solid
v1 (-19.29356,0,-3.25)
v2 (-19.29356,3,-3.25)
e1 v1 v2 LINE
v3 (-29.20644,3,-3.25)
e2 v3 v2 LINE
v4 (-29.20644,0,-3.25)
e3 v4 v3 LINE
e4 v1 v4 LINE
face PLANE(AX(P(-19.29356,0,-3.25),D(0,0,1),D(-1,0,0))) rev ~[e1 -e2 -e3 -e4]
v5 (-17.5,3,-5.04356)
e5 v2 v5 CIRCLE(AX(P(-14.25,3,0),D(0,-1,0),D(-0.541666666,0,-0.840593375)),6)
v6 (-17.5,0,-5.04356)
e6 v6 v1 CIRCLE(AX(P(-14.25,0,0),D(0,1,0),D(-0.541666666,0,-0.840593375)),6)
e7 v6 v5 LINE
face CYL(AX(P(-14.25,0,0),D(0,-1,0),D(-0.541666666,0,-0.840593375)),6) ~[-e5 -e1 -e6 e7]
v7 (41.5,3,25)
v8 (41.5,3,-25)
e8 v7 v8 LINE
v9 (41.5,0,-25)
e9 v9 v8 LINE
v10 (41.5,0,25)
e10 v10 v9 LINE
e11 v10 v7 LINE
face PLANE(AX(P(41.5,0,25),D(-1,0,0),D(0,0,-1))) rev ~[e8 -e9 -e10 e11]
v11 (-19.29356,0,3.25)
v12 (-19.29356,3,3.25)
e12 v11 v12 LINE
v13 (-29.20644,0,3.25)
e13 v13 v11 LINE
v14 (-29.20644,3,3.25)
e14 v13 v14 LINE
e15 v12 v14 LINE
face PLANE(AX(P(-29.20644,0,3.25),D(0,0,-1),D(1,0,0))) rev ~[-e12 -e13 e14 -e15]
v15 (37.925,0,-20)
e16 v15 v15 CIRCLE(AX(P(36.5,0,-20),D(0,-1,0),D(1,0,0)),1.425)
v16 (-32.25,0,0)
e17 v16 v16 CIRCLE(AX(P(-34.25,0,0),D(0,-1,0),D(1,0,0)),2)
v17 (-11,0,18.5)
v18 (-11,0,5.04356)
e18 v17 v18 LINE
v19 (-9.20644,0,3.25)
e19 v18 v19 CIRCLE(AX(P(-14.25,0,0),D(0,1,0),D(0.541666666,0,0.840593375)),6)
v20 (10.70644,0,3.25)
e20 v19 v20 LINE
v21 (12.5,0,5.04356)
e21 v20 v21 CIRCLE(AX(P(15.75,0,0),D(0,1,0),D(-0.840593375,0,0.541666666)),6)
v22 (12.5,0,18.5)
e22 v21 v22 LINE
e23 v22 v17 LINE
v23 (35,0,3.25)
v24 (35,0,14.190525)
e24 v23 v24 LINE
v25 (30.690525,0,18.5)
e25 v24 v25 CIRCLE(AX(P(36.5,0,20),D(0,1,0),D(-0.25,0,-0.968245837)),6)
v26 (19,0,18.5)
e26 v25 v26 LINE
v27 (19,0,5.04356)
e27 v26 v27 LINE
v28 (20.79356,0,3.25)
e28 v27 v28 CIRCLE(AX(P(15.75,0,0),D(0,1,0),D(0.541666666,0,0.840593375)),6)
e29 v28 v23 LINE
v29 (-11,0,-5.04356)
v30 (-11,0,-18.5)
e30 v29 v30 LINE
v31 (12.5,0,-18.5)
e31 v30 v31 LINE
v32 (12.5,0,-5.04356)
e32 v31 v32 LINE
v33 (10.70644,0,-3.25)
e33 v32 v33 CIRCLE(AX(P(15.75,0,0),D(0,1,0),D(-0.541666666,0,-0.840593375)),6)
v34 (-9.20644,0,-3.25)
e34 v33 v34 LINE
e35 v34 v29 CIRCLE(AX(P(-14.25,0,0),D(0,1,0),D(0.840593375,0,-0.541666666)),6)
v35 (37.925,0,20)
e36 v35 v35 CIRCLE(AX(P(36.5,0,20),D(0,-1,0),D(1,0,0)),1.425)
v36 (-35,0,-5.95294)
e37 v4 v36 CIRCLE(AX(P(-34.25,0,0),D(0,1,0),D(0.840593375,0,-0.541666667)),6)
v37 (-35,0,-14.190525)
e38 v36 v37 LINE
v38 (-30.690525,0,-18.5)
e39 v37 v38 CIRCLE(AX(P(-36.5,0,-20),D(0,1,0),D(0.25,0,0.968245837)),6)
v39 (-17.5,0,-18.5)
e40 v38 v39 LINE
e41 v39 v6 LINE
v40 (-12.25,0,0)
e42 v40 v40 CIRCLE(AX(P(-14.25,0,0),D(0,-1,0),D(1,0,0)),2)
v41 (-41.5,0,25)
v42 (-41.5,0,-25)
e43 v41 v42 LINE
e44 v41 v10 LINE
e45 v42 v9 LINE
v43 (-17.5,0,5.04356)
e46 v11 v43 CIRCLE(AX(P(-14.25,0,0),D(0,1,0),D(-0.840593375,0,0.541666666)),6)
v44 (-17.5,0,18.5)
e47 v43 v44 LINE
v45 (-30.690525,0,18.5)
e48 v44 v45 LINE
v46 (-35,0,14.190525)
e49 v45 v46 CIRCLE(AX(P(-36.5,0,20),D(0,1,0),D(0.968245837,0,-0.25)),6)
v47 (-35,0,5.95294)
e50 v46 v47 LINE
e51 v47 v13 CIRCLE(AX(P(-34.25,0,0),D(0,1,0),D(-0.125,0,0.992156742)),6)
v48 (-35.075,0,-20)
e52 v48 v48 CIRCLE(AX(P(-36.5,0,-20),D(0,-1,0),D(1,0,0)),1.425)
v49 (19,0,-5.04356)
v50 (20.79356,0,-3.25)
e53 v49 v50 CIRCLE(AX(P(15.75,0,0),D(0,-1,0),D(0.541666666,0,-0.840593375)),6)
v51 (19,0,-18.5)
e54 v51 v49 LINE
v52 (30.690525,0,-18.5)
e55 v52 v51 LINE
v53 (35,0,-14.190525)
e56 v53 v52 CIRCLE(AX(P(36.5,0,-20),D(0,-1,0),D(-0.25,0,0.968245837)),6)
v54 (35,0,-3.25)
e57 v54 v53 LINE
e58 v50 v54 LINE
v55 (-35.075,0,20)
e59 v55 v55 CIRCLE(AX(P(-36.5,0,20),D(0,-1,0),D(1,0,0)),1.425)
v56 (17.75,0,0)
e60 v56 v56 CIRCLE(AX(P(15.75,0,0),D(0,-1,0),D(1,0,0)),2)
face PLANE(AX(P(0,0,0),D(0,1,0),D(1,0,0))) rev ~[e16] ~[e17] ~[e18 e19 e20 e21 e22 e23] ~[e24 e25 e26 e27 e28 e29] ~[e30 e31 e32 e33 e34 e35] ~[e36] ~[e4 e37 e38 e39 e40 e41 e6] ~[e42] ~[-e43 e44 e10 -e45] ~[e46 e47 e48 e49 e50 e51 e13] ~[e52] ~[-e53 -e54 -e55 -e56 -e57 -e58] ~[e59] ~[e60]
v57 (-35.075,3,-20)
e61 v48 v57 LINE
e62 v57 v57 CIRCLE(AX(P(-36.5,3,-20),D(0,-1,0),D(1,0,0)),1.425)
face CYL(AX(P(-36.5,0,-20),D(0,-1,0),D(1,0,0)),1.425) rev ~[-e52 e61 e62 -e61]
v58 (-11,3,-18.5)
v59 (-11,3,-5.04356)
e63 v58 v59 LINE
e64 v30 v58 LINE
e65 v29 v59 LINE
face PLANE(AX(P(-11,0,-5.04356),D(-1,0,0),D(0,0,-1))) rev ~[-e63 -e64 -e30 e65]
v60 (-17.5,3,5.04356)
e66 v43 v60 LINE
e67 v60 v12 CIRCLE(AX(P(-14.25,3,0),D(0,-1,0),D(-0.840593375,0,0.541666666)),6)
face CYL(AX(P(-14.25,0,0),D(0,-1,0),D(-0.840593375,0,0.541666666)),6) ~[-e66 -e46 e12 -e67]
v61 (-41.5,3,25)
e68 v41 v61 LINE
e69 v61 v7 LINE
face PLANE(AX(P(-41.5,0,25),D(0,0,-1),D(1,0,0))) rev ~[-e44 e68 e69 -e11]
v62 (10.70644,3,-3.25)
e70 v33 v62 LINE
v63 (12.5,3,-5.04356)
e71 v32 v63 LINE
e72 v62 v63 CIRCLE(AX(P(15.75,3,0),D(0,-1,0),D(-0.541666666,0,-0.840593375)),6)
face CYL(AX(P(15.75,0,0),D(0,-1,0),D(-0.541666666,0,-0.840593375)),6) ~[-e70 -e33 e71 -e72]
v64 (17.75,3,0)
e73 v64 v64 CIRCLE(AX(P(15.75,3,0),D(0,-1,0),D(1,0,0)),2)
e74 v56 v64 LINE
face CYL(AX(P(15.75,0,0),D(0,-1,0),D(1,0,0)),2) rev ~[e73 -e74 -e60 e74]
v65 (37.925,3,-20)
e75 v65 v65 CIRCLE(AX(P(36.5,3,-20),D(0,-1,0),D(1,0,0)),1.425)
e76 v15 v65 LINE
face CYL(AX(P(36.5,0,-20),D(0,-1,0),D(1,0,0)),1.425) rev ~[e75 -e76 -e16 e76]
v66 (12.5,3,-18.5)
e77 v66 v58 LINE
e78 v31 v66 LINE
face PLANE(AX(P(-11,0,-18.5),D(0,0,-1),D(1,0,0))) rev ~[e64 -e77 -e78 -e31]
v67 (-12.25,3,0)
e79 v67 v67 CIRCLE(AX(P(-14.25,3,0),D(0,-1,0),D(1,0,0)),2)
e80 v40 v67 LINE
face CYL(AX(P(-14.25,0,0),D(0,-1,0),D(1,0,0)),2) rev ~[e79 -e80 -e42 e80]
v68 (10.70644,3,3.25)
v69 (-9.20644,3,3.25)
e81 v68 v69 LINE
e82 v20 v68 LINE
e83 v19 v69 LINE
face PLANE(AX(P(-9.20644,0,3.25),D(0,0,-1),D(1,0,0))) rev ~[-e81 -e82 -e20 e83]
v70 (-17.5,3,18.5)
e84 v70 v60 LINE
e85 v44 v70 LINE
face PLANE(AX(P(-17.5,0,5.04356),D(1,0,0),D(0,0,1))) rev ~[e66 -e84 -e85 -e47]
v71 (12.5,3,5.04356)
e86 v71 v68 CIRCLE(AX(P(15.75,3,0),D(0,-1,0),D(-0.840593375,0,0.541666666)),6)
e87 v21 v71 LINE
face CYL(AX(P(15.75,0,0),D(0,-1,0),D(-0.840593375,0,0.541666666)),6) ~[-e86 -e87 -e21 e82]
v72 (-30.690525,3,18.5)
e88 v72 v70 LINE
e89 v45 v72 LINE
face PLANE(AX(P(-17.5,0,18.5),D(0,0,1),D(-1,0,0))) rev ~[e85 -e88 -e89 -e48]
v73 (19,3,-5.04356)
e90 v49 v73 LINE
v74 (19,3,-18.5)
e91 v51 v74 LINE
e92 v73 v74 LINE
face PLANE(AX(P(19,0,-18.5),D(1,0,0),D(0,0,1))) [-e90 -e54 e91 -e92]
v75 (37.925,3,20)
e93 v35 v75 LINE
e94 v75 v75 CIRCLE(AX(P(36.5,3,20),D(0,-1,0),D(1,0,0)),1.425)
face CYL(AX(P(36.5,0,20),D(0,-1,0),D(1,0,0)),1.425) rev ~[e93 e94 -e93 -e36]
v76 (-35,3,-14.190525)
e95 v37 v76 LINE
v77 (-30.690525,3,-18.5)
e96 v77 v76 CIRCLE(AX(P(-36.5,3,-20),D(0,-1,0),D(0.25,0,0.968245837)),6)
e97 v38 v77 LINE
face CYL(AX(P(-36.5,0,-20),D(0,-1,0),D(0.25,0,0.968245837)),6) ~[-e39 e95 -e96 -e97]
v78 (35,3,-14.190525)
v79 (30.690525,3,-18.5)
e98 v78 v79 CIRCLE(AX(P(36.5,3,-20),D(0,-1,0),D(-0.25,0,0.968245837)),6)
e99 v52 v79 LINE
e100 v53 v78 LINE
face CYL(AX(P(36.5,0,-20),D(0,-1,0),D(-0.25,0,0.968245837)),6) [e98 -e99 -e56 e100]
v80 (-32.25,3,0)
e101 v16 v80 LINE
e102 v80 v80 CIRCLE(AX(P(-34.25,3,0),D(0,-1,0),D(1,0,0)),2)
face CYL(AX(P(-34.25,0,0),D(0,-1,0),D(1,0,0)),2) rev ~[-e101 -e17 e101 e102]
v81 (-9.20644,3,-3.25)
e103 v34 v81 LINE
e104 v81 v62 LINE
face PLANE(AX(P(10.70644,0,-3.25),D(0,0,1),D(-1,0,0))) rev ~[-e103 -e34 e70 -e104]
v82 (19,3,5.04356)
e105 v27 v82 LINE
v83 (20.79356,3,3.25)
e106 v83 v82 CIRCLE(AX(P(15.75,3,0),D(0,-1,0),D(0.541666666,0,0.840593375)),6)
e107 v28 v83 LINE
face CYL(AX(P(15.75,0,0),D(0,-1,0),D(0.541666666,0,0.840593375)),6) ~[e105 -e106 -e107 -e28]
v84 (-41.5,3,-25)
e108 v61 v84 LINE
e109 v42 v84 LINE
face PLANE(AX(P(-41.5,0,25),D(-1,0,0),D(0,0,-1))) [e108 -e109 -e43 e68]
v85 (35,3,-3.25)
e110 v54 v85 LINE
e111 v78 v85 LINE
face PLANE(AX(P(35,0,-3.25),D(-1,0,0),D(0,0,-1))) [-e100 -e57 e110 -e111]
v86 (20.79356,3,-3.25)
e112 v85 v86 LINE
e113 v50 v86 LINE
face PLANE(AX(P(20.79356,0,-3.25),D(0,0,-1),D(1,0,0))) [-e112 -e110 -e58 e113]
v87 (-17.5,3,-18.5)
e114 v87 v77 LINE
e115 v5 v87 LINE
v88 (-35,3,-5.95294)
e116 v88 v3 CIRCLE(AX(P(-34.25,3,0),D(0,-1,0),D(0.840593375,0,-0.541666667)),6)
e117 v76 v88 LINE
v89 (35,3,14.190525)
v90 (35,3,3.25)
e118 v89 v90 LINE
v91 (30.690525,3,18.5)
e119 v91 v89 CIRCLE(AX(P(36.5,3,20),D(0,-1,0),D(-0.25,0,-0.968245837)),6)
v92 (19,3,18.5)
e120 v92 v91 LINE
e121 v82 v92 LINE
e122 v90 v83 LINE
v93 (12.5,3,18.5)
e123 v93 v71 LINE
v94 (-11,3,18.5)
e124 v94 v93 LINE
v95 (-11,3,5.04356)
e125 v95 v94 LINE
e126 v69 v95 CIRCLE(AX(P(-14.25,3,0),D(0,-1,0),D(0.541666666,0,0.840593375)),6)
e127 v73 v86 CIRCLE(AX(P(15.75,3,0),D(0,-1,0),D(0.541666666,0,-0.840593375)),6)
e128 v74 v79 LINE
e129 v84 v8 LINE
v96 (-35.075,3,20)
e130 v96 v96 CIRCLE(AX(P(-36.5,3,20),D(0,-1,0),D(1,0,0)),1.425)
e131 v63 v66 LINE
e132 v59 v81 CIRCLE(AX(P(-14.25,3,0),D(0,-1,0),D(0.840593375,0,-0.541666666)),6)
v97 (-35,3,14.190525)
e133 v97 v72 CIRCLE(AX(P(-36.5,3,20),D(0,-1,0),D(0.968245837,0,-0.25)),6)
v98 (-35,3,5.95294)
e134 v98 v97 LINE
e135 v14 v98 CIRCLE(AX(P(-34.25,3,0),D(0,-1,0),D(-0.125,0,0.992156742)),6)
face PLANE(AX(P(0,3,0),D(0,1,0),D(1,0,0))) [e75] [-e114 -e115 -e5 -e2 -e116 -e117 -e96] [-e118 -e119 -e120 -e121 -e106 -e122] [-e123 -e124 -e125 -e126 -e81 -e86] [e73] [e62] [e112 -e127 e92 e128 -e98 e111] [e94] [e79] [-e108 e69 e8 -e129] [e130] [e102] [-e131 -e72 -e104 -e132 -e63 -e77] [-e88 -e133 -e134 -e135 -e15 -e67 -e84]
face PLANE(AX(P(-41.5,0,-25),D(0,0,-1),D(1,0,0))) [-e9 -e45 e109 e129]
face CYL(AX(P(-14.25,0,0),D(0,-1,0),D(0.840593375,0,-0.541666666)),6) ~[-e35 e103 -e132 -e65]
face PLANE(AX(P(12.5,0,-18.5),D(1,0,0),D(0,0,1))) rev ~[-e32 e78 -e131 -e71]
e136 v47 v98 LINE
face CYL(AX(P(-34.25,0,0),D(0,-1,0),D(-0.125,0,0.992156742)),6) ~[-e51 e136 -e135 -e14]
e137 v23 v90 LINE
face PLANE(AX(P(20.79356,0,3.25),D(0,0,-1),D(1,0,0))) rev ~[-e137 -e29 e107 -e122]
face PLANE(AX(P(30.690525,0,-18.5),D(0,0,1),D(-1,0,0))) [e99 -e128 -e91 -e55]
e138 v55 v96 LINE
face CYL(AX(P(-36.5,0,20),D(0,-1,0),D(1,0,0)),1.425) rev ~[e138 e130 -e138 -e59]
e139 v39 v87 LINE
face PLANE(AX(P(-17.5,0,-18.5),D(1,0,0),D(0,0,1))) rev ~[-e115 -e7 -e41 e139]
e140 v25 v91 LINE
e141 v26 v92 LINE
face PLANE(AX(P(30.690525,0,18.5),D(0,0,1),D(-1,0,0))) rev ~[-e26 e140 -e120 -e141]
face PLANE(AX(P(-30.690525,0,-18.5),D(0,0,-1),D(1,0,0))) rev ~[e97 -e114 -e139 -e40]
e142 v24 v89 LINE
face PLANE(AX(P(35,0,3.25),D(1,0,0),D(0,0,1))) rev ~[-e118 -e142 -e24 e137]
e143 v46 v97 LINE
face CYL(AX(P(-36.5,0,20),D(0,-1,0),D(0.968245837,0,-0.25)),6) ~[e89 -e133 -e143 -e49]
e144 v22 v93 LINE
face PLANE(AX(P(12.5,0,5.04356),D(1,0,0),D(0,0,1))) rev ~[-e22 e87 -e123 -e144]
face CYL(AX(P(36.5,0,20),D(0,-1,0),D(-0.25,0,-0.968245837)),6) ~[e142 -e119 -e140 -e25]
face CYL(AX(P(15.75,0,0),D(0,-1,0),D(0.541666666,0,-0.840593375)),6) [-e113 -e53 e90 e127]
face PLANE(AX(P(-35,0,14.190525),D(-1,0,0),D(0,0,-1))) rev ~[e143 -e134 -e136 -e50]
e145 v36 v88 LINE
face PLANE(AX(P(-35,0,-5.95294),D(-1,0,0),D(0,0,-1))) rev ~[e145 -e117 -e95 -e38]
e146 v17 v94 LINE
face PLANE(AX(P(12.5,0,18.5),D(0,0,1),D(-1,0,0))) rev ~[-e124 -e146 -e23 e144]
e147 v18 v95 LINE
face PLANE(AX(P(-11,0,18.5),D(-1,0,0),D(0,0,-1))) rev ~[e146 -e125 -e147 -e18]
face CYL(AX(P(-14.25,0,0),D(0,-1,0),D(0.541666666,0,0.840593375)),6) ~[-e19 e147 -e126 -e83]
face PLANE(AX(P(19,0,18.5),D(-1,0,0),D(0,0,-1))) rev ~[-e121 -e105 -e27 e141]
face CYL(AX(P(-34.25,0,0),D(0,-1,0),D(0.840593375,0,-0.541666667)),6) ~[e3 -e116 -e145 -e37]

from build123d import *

# Parameters (mm, degrees)
SKETCH1_W            = 83
SKETCH1_H            = 50
BOSS_EXTRUDE1_DEPTH  = 3
SKETCH2_R            = 2
CUT_EXTRUDE1_DEPTH   = 4
SKETCH3_R            = 1.425
CUT_EXTRUDE2_DEPTH   = 4
LPATTERN1_COUNT      = 2
LPATTERN1_PITCH      = 73
LPATTERN1_COUNT_DIR2 = 2
LPATTERN1_PITCH_DIR2 = 40
CUT_EXTRUDE3_DEPTH   = 10


with BuildPart() as part:
    # Sketch1 → Boss-Extrude1 (new body)
    with BuildSketch(Plane(origin=(0, 0, 0), x_dir=(1, 0, 0), z_dir=(0, 1, 0))):
        Rectangle(SKETCH1_W, SKETCH1_H)
    extrude(amount=BOSS_EXTRUDE1_DEPTH)

    # Sketch2 → Cut-Extrude1 (cut, through all)
    with BuildSketch(Plane.XZ):
        with Locations((-34.25, 0)):
            Circle(SKETCH2_R)
        with Locations((-14.25, 0)):
            Circle(SKETCH2_R)
        with Locations((15.75, 0)):
            Circle(SKETCH2_R)
    extrude(amount=-CUT_EXTRUDE1_DEPTH, mode=Mode.SUBTRACT)

    # Sketch3 → Cut-Extrude2 (cut, through all)
    with BuildSketch(Plane.XZ):
        with Locations((-36.5, -20)):
            Circle(SKETCH3_R)
    cut_extrude2 = extrude(amount=-CUT_EXTRUDE2_DEPTH, mode=Mode.SUBTRACT)

    # LPattern1: Cut-Extrude2 2 × 2
    with Locations(*[(i * LPATTERN1_PITCH, 0, j * LPATTERN1_PITCH_DIR2) for i in range(LPATTERN1_COUNT) for j in range(LPATTERN1_COUNT_DIR2) if (i, j) != (0, 0)]):
        add(cut_extrude2, mode=Mode.SUBTRACT)

    # Sketch4 → Cut-Extrude3 (cut)
    with BuildSketch(Plane.XZ):
        with BuildLine():
            Line((0, 18.5), (-11, 18.5))
            Line((-11, 18.5), (-11, 5.04356025))
            ThreePointArc((-11, 5.04356025), (-10.007359313, 4.242640687), (-9.20643975, 3.25))
            Line((-9.20643975, 3.25), (0, 3.25))
            Line((0, 3.25), (10.70643975, 3.25))
            ThreePointArc((10.70643975, 3.25), (11.507359313, 4.242640687), (12.5, 5.04356025))
            Line((12.5, 5.04356025), (12.5, 18.5))
            Line((12.5, 18.5), (0, 18.5))
        make_face()
        with BuildLine():
            Line((0, -3.25), (-9.20643975, -3.25))
            ThreePointArc((-9.20643975, -3.25), (-10.007359313, -4.242640687), (-11, -5.04356025))
            Line((-11, -5.04356025), (-11, -18.5))
            Line((-11, -18.5), (0, -18.5))
            Line((0, -18.5), (12.5, -18.5))
            Line((12.5, -18.5), (12.5, -5.04356025))
            ThreePointArc((12.5, -5.04356025), (11.507359313, -4.242640687), (10.70643975, -3.25))
            Line((10.70643975, -3.25), (0, -3.25))
        make_face()
        with BuildLine():
            Line((-17.5, 18.5), (-30.690524981, 18.5))
            ThreePointArc((-30.690524981, 18.5), (-32.257359313, 15.757359313), (-35, 14.190524981))
            Line((-35, 14.190524981), (-35, 5.95294045))
            ThreePointArc((-35, 5.95294045), (-31.713242882, 5.43735812), (-29.20643975, 3.25))
            Line((-29.20643975, 3.25), (-19.29356025, 3.25))
            ThreePointArc((-19.29356025, 3.25), (-18.492640687, 4.242640687), (-17.5, 5.04356025))
            Line((-17.5, 5.04356025), (-17.5, 18.5))
        make_face()
        with BuildLine():
            Line((-19.29356025, -3.25), (-29.20643975, -3.25))
            ThreePointArc((-29.20643975, -3.25), (-31.713242882, -5.43735812), (-35, -5.95294045))
            Line((-35, -5.95294045), (-35, -14.190524981))
            ThreePointArc((-35, -14.190524981), (-32.257359313, -15.757359313), (-30.690524981, -18.5))
            Line((-30.690524981, -18.5), (-17.5, -18.5))
            Line((-17.5, -18.5), (-17.5, -5.04356025))
            ThreePointArc((-17.5, -5.04356025), (-18.492640687, -4.242640687), (-19.29356025, -3.25))
        make_face()
        with BuildLine():
            Line((20.79356025, 3.25), (35, 3.25))
            Line((35, 3.25), (35, 14.190524981))
            ThreePointArc((35, 14.190524981), (32.257359313, 15.757359313), (30.690524981, 18.5))
            Line((30.690524981, 18.5), (19, 18.5))
            Line((19, 18.5), (19, 5.04356025))
            ThreePointArc((19, 5.04356025), (19.992640687, 4.242640687), (20.79356025, 3.25))
        make_face()
        with BuildLine():
            Line((20.79356025, -3.25), (35, -3.25))
            Line((35, -3.25), (35, -14.190524981))
            ThreePointArc((35, -14.190524981), (32.257359313, -15.757359313), (30.690524981, -18.5))
            Line((30.690524981, -18.5), (19, -18.5))
            Line((19, -18.5), (19, -5.04356025))
            ThreePointArc((19, -5.04356025), (19.992640687, -4.242640687), (20.79356025, -3.25))
        make_face()
    extrude(amount=-CUT_EXTRUDE3_DEPTH, mode=Mode.SUBTRACT)


solid = part.part
